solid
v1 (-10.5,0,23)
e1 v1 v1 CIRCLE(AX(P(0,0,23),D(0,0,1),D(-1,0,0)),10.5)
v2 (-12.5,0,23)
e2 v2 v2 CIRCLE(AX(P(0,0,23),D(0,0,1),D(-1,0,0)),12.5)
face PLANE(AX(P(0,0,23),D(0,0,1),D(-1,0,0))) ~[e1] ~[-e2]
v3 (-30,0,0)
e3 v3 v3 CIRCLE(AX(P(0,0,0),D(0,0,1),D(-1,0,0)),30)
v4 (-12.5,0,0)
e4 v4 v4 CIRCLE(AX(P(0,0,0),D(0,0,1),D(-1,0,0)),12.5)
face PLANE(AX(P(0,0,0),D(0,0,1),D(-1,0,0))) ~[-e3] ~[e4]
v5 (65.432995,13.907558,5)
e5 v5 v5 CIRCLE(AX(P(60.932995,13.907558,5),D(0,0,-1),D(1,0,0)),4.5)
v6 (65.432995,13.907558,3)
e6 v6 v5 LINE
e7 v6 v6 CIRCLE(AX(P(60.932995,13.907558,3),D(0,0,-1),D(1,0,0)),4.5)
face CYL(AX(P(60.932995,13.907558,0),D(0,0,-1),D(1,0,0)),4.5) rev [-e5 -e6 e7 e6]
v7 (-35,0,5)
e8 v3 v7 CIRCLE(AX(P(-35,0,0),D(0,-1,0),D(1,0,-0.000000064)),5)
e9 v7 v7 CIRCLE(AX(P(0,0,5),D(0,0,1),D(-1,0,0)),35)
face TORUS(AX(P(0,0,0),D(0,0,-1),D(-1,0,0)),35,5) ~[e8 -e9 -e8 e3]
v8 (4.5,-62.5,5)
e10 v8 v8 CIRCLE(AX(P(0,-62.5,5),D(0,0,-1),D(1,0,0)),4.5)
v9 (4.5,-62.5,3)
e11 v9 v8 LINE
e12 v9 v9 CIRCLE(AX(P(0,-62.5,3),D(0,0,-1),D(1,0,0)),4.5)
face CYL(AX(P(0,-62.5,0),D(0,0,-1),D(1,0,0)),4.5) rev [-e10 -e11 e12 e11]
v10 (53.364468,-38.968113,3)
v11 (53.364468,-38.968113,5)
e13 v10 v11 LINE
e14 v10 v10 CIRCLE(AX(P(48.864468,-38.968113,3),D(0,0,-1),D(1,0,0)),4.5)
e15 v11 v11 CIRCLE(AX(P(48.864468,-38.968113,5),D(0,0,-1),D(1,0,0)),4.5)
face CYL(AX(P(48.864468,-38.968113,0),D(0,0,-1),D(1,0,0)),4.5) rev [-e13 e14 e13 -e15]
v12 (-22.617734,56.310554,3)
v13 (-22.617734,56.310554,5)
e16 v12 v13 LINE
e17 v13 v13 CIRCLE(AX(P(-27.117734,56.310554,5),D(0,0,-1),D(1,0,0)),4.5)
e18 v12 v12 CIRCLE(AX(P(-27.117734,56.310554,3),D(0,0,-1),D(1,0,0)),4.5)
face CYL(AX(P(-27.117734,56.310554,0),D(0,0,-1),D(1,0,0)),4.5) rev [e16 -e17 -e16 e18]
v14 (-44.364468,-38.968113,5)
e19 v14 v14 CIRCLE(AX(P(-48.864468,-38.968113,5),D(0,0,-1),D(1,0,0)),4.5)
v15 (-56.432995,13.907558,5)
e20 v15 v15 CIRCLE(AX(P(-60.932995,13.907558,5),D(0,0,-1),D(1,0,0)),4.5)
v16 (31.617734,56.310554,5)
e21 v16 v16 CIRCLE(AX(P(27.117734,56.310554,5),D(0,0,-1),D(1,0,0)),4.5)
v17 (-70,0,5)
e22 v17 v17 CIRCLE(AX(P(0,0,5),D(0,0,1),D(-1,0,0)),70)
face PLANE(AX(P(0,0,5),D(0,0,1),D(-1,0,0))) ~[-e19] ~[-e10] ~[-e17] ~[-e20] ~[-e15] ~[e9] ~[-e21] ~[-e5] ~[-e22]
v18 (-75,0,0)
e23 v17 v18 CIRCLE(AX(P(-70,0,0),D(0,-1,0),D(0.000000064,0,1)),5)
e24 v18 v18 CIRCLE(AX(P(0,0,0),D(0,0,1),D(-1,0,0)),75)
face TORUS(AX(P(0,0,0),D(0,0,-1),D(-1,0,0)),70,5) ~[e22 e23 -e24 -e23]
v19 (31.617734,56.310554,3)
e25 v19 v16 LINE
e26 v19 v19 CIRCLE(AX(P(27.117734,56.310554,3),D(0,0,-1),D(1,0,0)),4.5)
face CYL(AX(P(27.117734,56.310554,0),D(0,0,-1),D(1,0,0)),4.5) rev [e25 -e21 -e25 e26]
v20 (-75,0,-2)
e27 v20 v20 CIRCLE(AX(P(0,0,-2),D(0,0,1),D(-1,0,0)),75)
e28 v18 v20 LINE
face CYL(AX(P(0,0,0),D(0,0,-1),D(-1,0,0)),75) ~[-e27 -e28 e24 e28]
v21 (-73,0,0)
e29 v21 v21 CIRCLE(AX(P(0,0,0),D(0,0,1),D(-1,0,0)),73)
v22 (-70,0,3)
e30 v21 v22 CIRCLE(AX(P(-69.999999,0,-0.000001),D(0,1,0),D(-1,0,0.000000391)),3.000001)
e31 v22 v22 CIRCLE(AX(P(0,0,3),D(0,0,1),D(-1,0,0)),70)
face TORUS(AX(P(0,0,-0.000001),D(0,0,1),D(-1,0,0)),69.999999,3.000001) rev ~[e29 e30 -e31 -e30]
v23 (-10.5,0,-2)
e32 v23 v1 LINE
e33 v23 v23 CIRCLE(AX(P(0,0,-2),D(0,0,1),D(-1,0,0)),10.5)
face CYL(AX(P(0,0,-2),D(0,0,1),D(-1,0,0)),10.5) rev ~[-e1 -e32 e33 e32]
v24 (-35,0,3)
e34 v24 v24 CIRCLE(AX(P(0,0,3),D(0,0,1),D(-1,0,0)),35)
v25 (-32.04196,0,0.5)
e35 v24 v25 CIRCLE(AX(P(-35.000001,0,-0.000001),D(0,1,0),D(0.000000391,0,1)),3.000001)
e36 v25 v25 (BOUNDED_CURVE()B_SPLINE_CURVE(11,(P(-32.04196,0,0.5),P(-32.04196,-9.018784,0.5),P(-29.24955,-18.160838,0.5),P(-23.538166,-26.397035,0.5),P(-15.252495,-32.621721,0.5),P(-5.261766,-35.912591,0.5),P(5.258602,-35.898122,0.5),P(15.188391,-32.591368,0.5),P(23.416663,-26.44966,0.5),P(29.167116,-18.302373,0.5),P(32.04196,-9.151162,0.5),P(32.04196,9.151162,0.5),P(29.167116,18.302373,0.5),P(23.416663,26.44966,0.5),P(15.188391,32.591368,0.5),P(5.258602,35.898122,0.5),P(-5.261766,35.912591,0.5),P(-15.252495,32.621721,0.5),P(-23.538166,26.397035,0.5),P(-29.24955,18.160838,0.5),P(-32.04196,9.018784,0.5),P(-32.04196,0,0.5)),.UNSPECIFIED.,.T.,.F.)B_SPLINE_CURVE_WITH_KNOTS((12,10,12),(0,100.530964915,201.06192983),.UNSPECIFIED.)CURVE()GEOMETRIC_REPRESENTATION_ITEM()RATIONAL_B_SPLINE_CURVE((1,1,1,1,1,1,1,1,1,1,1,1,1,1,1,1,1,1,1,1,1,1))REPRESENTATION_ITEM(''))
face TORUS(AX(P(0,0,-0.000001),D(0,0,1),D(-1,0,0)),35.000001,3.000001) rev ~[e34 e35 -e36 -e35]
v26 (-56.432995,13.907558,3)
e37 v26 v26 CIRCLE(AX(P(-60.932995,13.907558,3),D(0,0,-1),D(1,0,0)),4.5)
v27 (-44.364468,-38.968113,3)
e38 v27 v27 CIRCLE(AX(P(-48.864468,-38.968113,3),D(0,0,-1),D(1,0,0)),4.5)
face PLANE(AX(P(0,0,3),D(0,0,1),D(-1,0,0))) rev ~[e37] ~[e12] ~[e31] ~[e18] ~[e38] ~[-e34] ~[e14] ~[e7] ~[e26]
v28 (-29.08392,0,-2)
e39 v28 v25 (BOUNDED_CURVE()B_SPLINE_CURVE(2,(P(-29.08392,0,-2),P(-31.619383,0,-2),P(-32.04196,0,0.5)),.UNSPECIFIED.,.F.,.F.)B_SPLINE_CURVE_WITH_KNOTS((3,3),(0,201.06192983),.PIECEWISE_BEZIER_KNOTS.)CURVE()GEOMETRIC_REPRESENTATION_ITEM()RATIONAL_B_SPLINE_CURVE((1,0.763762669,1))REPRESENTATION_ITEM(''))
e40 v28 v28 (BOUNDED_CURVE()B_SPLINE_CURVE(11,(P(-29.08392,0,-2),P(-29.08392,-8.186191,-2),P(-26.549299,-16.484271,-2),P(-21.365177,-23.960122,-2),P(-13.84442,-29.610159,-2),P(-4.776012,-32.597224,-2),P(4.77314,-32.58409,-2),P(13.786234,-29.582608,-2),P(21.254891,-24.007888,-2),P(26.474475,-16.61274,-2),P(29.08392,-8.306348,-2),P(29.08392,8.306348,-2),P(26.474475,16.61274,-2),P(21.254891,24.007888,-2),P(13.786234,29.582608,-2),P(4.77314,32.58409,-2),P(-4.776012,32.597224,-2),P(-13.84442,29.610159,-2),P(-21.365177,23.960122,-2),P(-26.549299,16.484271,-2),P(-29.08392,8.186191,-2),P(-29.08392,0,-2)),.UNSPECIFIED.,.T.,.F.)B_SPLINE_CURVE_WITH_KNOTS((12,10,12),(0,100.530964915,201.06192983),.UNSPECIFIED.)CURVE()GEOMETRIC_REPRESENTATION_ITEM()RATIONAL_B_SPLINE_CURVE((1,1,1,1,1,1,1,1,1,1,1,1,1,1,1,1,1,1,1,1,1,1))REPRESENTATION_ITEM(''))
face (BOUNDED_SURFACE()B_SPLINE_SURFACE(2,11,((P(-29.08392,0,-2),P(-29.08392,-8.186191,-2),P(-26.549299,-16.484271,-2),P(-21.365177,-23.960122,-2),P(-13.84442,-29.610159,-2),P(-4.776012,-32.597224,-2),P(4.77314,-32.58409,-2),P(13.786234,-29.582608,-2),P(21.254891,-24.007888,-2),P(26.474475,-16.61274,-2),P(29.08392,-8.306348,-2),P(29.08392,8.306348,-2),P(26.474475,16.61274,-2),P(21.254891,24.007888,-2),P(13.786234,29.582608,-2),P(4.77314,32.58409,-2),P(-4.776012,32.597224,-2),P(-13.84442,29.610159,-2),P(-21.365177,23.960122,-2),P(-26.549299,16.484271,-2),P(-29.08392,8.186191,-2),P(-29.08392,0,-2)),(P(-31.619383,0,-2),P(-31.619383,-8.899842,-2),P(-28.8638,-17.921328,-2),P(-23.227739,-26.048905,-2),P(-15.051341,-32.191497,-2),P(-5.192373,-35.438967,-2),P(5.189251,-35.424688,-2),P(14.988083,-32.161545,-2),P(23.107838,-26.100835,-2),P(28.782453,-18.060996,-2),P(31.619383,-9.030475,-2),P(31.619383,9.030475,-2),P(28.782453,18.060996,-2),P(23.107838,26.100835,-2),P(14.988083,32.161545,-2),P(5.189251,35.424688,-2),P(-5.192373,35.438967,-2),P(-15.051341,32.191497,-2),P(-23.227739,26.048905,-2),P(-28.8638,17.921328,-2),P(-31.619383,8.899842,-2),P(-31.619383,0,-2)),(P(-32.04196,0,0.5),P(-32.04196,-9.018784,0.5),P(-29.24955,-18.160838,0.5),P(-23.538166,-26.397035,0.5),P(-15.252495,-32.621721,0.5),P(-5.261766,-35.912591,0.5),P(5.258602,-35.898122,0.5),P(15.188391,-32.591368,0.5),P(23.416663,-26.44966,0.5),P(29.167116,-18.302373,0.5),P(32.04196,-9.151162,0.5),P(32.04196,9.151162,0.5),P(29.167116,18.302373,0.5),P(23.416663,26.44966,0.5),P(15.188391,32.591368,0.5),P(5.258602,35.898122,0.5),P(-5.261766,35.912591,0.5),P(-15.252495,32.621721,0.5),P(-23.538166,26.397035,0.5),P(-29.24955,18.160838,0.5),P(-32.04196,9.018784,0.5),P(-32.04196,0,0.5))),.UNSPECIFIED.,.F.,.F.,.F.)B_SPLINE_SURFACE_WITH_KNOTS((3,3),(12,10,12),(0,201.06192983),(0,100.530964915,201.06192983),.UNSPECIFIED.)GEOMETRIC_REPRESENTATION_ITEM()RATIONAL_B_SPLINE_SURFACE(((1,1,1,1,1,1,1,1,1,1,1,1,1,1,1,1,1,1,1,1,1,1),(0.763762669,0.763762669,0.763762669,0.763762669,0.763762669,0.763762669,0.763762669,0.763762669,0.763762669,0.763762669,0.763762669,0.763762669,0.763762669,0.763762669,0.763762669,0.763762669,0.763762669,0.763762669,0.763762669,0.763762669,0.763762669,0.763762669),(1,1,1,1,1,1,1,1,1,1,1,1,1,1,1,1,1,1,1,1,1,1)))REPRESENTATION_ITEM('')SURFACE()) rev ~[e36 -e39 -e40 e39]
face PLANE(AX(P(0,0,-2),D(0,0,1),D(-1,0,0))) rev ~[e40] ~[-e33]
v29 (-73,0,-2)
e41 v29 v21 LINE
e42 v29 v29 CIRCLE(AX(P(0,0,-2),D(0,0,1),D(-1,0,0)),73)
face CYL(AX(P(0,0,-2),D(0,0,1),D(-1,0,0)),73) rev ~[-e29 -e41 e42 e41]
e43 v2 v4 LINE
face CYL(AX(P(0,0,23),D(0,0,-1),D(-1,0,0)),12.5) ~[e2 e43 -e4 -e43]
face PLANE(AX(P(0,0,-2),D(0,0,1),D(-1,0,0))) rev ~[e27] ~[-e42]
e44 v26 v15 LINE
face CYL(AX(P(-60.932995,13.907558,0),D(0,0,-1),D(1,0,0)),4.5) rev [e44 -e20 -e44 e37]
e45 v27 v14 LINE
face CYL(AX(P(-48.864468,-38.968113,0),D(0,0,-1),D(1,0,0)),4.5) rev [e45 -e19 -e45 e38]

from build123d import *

# Parameters (mm, degrees)
F2_R     = 4.5
F3_DEPTH = 25
F4_R     = 3


with BuildPart() as f1:
    # F0 (on Front) → F1 (revolve)
    with BuildSketch(Plane.XZ):
        with BuildLine():
            ThreePointArc((-30, 0), (-31.464466, 3.535534), (-35, 5))
            Line((-35, 5), (-70, 5))
            ThreePointArc((-70, 5), (-73.535534, 3.535534), (-75, 0))
            Line((-75, 0), (-75, -2))
            Line((-75, -2), (-73, -2))
            Line((-73, -2), (-73, 0))
            ThreePointArc((-73, 0), (-72.12132, 2.12132), (-70, 3))
            Line((-70, 3), (-35, 3))
            ThreePointArc((-35, 3), (-32.87868, 2.12132), (-32, 0))
            Line((-32, 0), (-32, -2))
            Line((-32, -2), (-10.5, -2))
            Line((-10.5, -2), (-10.5, 23))
            Line((-10.5, 23), (-12.5, 23))
            Line((-12.5, 23), (-12.5, 0))
            Line((-12.5, 0), (-30, 0))
        make_face()
    revolve(axis=Axis((0, 0, 11.5), (0, 0, 1)))

    # F2 (on Top) → F3 (cut)
    with BuildSketch(Plane.XY):
        with Locations((0, -62.5)):
            Circle(F2_R)
        with Locations((48.864468, -38.968113)):
            Circle(F2_R)
        with Locations((60.932995, 13.907558)):
            Circle(F2_R)
        with Locations((27.117734, 56.310554)):
            Circle(F2_R)
        with Locations((-27.117734, 56.310554)):
            Circle(F2_R)
        with Locations((-60.932995, 13.907558)):
            Circle(F2_R)
        with Locations((-48.864468, -38.968113)):
            Circle(F2_R)
    extrude(amount=F3_DEPTH, mode=Mode.SUBTRACT)

    # F4
    f4_edges = [f1.edges().sort_by_distance(p)[0] for p in [
        (32, 0, -2),
    ]]
    fillet(f4_edges, radius=F4_R)


solid = f1.part
